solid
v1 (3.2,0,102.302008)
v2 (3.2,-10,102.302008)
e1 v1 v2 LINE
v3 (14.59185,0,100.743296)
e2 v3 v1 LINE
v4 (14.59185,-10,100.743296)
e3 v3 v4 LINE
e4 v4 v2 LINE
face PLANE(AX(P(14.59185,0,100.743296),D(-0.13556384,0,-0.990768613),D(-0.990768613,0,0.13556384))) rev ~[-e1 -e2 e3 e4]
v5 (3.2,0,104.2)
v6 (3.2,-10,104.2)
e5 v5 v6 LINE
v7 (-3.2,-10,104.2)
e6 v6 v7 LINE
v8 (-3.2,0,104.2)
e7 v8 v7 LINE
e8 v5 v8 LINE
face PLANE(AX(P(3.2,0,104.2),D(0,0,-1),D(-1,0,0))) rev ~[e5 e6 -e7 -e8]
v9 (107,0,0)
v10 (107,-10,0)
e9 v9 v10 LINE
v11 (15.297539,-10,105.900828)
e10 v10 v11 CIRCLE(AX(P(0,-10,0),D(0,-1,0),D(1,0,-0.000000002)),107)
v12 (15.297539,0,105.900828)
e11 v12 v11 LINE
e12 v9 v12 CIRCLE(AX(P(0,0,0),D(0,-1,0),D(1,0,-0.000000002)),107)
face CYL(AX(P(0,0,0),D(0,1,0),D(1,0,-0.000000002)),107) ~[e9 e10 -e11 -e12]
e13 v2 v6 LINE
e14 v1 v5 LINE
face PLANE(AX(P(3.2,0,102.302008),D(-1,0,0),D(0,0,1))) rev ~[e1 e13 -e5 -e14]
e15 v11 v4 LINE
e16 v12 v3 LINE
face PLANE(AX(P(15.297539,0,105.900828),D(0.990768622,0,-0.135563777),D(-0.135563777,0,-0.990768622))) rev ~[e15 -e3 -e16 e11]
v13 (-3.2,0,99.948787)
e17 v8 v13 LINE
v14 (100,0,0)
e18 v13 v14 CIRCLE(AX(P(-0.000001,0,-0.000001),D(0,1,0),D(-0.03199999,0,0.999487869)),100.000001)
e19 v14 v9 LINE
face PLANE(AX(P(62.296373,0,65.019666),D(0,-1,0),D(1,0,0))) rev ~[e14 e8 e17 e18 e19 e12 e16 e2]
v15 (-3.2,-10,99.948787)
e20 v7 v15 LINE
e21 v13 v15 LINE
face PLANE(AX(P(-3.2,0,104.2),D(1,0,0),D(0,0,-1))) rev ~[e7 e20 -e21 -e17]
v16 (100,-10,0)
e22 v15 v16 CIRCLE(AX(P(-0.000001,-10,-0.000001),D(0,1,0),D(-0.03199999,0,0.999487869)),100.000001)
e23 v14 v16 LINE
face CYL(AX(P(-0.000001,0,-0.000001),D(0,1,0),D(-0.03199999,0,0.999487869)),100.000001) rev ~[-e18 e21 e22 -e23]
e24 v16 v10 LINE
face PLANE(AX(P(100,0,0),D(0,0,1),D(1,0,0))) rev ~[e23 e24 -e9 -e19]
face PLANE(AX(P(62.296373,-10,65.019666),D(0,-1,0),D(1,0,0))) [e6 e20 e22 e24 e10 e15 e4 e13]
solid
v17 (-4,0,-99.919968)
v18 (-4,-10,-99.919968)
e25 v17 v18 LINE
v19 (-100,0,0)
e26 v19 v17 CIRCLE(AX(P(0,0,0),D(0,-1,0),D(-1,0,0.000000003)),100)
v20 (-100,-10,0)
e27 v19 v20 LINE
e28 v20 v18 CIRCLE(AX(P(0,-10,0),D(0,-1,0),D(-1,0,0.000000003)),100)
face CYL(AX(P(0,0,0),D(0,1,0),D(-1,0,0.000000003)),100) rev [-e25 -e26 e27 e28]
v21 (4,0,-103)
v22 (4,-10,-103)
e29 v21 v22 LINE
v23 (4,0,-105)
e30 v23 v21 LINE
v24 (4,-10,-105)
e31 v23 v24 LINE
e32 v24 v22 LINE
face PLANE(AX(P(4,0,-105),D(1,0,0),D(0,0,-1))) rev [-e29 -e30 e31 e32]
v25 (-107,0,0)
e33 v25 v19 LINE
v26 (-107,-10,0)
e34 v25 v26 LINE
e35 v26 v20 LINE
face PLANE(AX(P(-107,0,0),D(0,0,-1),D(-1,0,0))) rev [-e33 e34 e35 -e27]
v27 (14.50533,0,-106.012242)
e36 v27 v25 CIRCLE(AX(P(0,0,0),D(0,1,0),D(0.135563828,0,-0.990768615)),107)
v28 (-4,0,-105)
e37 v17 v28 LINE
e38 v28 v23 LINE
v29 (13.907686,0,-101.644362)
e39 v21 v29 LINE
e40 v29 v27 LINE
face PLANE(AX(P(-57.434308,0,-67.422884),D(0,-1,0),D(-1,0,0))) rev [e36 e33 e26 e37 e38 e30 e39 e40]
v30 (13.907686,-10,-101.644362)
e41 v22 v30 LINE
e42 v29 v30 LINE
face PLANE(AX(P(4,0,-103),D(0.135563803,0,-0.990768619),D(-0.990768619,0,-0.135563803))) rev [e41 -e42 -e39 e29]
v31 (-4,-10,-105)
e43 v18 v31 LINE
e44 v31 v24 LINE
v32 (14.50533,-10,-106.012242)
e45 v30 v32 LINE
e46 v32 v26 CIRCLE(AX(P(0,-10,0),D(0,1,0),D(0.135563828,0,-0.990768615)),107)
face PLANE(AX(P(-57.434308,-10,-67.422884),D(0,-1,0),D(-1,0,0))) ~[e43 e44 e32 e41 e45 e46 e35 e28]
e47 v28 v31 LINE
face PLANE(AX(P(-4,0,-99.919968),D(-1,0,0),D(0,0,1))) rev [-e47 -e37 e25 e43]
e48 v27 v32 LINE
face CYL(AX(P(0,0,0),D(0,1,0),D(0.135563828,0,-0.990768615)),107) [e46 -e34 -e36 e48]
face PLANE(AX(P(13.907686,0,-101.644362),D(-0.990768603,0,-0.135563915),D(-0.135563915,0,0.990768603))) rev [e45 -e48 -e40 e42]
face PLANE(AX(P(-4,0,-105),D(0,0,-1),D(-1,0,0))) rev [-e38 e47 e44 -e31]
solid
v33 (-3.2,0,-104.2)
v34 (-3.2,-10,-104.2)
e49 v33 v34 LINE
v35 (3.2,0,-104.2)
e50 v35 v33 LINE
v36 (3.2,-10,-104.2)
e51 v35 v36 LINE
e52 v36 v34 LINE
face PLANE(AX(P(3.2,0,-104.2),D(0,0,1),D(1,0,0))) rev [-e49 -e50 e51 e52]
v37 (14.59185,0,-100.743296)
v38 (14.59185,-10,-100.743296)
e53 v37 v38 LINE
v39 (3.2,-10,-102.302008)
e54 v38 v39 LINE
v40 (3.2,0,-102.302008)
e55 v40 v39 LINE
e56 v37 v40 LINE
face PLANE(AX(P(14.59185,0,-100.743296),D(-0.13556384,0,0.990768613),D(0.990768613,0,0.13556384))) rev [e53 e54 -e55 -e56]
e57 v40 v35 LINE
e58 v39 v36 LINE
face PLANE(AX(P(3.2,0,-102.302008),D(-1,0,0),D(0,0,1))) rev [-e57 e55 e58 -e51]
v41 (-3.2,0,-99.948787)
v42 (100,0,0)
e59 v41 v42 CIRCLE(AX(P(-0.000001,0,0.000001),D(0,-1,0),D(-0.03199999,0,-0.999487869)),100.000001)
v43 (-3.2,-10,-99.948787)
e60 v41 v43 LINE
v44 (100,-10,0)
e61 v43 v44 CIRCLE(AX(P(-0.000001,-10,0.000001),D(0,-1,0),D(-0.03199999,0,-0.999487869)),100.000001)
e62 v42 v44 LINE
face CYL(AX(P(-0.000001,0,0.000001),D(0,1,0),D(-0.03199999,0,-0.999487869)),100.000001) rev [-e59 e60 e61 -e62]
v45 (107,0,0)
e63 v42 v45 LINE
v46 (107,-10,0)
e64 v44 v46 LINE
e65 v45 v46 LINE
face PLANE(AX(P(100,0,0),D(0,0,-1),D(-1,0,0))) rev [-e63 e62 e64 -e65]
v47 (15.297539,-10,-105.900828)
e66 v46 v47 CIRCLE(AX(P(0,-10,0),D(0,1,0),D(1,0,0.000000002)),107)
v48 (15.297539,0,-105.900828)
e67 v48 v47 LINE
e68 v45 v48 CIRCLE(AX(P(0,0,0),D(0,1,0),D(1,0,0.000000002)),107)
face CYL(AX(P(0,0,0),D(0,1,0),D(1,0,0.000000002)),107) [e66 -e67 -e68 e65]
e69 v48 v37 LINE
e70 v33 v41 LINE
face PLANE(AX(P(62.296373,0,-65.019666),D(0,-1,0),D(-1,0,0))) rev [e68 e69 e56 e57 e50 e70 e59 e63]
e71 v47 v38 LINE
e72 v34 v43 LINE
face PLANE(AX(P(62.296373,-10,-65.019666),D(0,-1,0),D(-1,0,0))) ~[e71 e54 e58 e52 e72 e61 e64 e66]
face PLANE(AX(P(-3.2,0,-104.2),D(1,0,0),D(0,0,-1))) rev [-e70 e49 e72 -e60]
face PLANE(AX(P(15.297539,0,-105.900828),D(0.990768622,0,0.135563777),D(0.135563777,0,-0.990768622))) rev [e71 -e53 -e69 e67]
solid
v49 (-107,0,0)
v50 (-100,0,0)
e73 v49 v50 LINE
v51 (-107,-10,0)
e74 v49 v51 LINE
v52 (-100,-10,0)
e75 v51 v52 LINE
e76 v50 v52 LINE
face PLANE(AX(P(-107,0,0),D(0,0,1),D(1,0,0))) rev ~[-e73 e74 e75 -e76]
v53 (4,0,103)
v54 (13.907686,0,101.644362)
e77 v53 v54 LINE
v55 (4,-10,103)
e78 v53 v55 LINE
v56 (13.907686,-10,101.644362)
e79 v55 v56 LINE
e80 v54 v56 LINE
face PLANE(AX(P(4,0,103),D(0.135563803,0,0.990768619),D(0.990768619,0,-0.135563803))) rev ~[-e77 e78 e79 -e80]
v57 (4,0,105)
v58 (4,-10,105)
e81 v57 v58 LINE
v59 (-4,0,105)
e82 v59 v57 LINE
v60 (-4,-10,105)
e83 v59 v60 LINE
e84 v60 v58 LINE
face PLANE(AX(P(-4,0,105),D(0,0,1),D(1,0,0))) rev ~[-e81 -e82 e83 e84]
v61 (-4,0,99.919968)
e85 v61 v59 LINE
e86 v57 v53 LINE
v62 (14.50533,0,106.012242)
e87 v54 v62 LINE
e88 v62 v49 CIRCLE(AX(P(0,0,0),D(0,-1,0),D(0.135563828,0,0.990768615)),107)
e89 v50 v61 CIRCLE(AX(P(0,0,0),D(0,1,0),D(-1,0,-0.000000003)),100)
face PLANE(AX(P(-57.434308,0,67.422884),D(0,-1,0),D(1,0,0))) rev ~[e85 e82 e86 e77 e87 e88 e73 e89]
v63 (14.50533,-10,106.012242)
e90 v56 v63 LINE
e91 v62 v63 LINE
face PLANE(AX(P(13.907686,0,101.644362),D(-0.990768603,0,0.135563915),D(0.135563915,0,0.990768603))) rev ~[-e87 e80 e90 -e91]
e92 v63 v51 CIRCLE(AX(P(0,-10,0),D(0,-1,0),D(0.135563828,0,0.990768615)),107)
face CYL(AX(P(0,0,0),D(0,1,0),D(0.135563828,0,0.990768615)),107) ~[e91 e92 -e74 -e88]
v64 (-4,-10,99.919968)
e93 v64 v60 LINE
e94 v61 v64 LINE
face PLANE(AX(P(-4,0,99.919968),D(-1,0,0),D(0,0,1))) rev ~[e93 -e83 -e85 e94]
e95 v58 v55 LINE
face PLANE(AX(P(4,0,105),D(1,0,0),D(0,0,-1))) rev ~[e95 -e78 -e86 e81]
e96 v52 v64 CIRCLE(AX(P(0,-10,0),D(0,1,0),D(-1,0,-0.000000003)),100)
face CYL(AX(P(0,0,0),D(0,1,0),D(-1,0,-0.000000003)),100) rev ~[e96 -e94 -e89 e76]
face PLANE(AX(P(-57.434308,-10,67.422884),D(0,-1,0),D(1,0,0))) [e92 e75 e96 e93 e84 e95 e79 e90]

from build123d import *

# Parameters (mm, degrees)
F2_DEPTH = 10
F4_DEPTH = 10


with BuildPart() as f2:
    # F0 (on Front) → F2 (new body)
    with BuildSketch(Plane.XZ):
        with BuildLine():
            Line((4, 105), (4, 103))
            Line((4, 103), (13.907686, 101.644362))
            Line((13.907686, 101.644362), (14.50533, 106.012242))
            ThreePointArc((14.50533, 106.012242), (-70.345326, 80.625896), (-107, 0))
            Line((-107, 0), (-100, 0))
            ThreePointArc((-100, 0), (-72.111026, 69.282032), (-4, 99.919968))
            Line((-4, 99.919968), (-4, 105))
            Line((-4, 105), (4, 105))
        make_face()
    extrude(amount=F2_DEPTH)


with BuildPart() as f3_1:
    # F3: instance of F2
    add(f2.part.mirror(Plane.XY))


with BuildPart() as f4:
    # F1 (on Front) → F4 (new body)
    with BuildSketch(Plane.XZ):
        with BuildLine():
            ThreePointArc((-3.2, 99.948787), (69.570108, 71.83314), (100, 0))
            Line((100, 0), (107, 0))
            ThreePointArc((107, 0), (80.888308, 70.043427), (15.297539, 105.900828))
            Line((15.297539, 105.900828), (14.59185, 100.743296))
            Line((14.59185, 100.743296), (3.2, 102.302008))
            Line((3.2, 102.302008), (3.2, 104.2))
            Line((3.2, 104.2), (-3.2, 104.2))
            Line((-3.2, 104.2), (-3.2, 99.948787))
        make_face()
    extrude(amount=F4_DEPTH)


with BuildPart() as f5_1:
    # F5: instance of F4
    add(f4.part.mirror(Plane.XY))


solid = Compound([f2.part, f3_1.part, f4.part, f5_1.part])
